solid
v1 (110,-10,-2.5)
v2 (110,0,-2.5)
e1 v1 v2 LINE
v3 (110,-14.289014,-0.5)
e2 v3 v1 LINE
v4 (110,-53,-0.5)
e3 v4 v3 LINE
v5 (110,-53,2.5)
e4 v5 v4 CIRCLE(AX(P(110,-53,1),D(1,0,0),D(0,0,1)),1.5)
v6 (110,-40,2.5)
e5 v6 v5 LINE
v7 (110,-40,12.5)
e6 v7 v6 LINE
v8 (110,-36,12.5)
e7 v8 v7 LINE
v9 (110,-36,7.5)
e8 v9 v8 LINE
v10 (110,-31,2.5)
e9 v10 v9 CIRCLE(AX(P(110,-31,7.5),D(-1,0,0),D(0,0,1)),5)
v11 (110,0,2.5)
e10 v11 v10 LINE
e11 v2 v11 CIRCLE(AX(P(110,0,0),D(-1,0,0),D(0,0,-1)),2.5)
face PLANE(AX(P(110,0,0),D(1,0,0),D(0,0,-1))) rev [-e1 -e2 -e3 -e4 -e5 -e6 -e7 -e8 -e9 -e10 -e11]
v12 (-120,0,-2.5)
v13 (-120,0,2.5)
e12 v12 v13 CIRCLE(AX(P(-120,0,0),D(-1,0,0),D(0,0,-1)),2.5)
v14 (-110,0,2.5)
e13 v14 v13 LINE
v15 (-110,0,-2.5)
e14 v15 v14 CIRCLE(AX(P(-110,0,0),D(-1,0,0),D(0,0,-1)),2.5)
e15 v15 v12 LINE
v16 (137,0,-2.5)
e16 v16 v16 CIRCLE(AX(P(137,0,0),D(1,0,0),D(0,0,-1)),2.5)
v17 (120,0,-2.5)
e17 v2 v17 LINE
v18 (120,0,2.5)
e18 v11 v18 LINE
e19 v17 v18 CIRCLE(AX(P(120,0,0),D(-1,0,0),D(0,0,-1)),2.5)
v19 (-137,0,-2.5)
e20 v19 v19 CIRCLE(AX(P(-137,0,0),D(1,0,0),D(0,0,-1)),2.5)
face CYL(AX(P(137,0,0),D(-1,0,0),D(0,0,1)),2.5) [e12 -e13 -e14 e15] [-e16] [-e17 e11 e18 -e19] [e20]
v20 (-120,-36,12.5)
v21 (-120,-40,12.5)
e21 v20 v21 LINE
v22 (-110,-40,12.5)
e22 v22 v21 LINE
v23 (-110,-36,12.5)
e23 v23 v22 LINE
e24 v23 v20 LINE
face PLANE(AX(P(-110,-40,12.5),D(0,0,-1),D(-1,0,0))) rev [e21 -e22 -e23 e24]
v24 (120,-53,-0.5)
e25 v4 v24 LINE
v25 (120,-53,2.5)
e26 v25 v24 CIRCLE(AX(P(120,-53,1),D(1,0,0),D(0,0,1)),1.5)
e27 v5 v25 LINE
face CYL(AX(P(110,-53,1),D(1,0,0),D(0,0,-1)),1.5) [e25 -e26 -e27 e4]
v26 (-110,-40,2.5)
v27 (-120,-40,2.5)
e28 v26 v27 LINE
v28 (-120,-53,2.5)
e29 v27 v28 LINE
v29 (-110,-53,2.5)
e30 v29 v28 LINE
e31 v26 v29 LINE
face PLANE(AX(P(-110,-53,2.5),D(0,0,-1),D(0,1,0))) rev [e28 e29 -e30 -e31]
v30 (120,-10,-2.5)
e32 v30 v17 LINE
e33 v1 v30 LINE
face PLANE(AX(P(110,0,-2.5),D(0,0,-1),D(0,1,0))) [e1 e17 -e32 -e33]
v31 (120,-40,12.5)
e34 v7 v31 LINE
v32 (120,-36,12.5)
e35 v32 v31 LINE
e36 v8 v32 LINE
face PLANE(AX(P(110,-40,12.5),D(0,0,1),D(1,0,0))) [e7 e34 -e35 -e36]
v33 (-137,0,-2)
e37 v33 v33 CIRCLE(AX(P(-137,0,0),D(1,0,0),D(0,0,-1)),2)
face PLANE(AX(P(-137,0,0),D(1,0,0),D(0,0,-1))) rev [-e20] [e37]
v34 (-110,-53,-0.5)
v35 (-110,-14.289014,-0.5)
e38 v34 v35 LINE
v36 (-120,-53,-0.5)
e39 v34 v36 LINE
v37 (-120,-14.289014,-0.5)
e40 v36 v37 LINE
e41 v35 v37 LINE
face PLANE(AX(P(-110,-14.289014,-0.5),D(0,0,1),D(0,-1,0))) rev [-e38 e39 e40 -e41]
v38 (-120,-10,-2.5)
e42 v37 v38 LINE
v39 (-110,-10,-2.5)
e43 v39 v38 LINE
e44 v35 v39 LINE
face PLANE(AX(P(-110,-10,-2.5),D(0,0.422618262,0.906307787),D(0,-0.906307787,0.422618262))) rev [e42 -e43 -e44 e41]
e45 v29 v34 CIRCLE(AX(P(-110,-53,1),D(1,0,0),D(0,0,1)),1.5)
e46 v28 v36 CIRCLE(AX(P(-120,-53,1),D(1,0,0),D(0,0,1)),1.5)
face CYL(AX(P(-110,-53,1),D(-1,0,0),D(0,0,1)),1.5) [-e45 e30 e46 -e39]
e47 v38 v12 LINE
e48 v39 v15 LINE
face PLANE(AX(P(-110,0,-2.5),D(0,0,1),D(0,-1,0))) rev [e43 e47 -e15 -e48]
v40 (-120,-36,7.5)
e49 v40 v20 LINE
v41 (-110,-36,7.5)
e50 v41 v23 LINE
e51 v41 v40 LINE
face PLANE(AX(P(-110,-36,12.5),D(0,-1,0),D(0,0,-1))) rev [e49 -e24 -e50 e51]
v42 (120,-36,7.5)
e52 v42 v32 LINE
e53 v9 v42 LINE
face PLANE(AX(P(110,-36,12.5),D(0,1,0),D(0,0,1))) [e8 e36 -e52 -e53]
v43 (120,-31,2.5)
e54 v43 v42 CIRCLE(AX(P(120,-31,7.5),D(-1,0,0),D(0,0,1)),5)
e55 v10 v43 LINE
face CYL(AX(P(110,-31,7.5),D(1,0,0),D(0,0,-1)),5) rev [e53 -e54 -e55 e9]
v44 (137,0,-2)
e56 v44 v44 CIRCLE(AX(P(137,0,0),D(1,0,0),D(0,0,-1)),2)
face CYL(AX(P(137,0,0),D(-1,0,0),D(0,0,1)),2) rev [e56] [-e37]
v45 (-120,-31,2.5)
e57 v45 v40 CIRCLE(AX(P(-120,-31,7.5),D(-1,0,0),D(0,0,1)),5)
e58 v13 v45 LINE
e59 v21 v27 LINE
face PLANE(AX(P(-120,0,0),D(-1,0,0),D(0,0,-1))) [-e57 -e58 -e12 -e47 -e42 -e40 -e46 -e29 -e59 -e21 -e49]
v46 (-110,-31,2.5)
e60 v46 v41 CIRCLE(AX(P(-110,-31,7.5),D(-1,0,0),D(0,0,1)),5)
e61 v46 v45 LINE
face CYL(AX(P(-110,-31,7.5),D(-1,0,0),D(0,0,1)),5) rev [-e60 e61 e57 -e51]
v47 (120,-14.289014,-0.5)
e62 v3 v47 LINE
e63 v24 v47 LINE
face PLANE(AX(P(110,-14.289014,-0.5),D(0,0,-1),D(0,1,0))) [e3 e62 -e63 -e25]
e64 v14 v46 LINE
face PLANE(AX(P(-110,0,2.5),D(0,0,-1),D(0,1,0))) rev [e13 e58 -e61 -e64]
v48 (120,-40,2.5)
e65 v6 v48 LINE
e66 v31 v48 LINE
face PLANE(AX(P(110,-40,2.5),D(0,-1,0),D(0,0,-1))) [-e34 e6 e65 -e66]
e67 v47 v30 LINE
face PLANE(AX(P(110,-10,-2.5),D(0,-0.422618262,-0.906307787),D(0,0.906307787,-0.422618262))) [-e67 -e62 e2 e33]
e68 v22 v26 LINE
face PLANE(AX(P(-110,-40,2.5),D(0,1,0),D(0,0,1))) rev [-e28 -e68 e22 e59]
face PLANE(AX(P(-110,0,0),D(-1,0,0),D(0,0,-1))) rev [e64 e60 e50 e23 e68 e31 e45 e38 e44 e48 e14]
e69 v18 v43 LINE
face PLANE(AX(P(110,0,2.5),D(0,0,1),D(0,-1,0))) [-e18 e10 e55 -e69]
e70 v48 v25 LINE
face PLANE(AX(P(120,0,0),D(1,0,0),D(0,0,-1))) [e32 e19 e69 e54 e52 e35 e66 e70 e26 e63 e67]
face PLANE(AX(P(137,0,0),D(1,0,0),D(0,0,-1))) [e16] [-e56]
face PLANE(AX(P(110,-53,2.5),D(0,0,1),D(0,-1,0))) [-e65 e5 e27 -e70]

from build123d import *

# Parameters (mm, degrees)
SKETCH_1_R      = 2.5
SKETCH_1_R_2    = 2
EXTRUDE_1_DEPTH = 137
EXTRUDE_2_DEPTH = 10


with BuildPart() as part:
    # 草圖1 → 填料-伸長1 (new, symmetric)
    with BuildSketch(Plane(origin=(0, 0, 0), x_dir=(0, 0, -1), z_dir=(1, 0, 0))):
        Circle(SKETCH_1_R)
        Circle(SKETCH_1_R_2, mode=Mode.SUBTRACT)
    extrude(amount=EXTRUDE_1_DEPTH, both=True)

    # 草圖3 → 填料-伸長2 (add)
    with BuildSketch(Plane(origin=(120, 0, 0), x_dir=(0, 0, -1), z_dir=(1, 0, 0))):
        with BuildLine():
            Line((2.5, 0), (2.5, -10))
            Line((2.5, -10), (0.5, -14.289013841))
            Line((0.5, -14.289013841), (0.5, -53))
            ThreePointArc((0.5, -53), (-1, -54.5), (-2.5, -53))
            Line((-2.5, -53), (-2.5, -40))
            Line((-2.5, -40), (-12.5, -40))
            Line((-12.5, -40), (-12.5, -36))
            Line((-12.5, -36), (-7.5, -36))
            ThreePointArc((-7.5, -36), (-3.964466094, -34.535533906), (-2.5, -31))
            Line((-2.5, -31), (-2.5, 0))
            ThreePointArc((-2.5, 0), (0, -2.5), (2.5, 0))
        make_face()
    extrude_2 = extrude(amount=-EXTRUDE_2_DEPTH)

    # 鏡射1: 填料-伸長2 across plane
    add(extrude_2.mirror(Plane(origin=(0, 0, 0), x_dir=(0, 0, 1), z_dir=(1, 0, 0))))


solid = part.part
